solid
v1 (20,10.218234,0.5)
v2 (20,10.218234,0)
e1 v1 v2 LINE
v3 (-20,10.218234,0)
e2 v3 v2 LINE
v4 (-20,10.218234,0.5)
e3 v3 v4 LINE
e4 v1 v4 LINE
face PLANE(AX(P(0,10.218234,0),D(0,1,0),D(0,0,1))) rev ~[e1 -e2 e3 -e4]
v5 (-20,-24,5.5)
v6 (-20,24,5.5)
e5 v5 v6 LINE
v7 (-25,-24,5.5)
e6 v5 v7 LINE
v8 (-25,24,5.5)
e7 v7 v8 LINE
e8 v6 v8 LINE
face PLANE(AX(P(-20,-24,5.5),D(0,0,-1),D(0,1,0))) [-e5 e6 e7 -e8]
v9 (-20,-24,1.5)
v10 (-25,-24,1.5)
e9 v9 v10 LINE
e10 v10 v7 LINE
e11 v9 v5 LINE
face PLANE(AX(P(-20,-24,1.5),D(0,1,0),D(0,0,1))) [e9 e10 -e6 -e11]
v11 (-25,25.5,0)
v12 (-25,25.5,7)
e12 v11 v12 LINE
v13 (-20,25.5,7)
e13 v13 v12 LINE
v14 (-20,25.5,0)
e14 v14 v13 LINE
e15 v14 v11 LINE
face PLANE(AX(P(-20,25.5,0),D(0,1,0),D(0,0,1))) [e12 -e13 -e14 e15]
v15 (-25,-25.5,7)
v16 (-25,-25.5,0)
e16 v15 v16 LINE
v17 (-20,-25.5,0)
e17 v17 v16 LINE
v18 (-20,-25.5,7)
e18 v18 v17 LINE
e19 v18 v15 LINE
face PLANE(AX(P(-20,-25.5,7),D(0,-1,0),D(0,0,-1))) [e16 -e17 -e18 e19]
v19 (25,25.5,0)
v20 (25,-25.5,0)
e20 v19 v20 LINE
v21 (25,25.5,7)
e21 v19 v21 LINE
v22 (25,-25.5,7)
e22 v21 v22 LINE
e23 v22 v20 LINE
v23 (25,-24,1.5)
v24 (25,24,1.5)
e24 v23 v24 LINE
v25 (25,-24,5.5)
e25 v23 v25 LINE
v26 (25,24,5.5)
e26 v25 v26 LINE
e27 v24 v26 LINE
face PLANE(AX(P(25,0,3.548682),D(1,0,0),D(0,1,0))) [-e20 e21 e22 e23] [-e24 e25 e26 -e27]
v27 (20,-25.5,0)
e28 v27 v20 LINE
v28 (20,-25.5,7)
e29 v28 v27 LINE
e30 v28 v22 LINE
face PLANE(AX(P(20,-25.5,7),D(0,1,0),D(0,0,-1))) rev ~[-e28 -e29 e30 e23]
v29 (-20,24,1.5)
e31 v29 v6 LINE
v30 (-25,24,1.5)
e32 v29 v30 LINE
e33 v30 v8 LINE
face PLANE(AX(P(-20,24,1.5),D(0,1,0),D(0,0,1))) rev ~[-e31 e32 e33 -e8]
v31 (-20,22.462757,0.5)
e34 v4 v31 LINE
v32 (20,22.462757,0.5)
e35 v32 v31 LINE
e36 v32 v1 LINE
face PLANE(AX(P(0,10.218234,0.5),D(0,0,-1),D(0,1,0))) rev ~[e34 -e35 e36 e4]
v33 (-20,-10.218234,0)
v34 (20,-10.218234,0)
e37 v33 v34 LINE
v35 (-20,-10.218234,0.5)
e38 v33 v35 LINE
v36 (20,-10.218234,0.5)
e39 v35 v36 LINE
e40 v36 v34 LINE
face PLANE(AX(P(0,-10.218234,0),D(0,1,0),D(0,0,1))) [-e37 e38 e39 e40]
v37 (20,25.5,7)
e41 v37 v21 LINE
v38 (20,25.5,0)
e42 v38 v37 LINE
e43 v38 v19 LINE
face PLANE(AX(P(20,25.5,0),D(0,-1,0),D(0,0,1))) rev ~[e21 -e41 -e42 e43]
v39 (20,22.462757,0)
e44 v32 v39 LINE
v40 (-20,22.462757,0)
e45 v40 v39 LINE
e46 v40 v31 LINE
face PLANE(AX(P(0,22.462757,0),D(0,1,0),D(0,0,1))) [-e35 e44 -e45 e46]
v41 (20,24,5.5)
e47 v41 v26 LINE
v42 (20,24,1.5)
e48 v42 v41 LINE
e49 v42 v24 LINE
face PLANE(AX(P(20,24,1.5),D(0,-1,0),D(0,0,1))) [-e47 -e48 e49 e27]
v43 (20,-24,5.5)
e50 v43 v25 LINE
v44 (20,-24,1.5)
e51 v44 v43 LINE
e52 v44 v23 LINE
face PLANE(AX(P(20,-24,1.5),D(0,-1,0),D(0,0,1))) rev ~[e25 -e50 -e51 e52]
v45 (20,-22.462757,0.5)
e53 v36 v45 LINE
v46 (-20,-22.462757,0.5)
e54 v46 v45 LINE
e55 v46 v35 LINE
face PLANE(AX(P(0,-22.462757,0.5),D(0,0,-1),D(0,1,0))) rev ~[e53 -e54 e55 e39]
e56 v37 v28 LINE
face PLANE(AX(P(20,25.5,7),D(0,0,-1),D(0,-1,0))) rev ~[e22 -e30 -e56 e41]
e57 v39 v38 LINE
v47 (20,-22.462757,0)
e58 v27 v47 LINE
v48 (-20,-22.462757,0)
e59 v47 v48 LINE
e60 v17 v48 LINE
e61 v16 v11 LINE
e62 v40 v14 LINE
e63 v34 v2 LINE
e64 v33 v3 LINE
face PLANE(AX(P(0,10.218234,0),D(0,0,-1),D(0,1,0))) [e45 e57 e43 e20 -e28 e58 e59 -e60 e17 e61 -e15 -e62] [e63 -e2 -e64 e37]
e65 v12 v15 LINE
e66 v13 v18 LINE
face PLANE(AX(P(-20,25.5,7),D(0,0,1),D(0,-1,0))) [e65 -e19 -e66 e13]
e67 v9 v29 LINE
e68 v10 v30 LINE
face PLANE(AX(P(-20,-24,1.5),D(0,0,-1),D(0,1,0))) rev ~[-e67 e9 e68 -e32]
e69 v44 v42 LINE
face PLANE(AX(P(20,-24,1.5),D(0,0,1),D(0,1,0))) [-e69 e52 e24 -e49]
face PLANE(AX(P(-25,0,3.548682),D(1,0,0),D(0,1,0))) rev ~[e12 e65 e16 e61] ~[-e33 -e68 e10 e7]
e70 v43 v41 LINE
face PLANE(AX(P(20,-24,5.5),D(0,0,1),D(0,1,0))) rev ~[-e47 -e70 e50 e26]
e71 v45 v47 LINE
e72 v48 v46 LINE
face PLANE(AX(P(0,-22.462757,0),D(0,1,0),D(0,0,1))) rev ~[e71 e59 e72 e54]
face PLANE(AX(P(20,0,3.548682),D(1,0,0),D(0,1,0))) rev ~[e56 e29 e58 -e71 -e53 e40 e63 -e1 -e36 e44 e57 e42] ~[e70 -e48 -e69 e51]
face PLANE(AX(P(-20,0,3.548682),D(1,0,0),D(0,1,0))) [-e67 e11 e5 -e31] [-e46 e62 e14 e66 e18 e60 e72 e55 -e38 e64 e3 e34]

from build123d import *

# Parameters (mm, degrees)
F1_START      = 20
F0_W          = 48
F0_H          = 4
F0_W_2        = 12.2445234573
F0_H_2        = 0.5
F1_DEPTH      = 5
F2_START      = -20
F2_DEPTH      = 5
F3_DEPTH      = 25
F3_DEPTH_BACK = 25


with BuildPart() as f1:
    # F0 (on Right) → F1 (new body)
    with BuildSketch(Plane.YZ.offset(F1_START)):
        Polygon((-25.5, 7), (-25.5, 0), (-22.4627573043, 0), (-22.4627573043, 0.5), (-10.218233847, 0.5), (-10.218233847, 0), (10.218233847, 0), (10.218233847, 0.5), (22.4627573043, 0.5), (22.4627573043, 0), (25.5, 0), (25.5, 7), align=None)
        with Locations((0, 3.5)):
            Rectangle(F0_W, F0_H, mode=Mode.SUBTRACT)
        with Locations((-16.3404955757, 0.25)):
            Rectangle(F0_W_2, F0_H_2)
        with Locations((16.3404955757, 0.25)):
            Rectangle(F0_W_2, F0_H_2)
    extrude(amount=F1_DEPTH)



with BuildPart() as f2:
    # F0 (on Right) → F2 (new body)
    with BuildSketch(Plane.YZ.offset(F2_START)):
        Polygon((-25.5, 7), (-25.5, 0), (-22.4627573043, 0), (-22.4627573043, 0.5), (-10.218233847, 0.5), (-10.218233847, 0), (10.218233847, 0), (10.218233847, 0.5), (22.4627573043, 0.5), (22.4627573043, 0), (25.5, 0), (25.5, 7), align=None)
        with Locations((0, 3.5)):
            Rectangle(F0_W, F0_H, mode=Mode.SUBTRACT)
        with Locations((-16.3404955757, 0.25)):
            Rectangle(F0_W_2, F0_H_2)
        with Locations((16.3404955757, 0.25)):
            Rectangle(F0_W_2, F0_H_2)
    extrude(amount=-F2_DEPTH)


with BuildPart() as f1_1:
    add(f1.part)

    add(f2.part)  # F3 merges F2
    # F0 (on Right) → F3 (join, two sides)
    with BuildSketch(Plane.YZ) as f3_sk:
        with Locations((16.3404955757, 0.25)):
            Rectangle(F0_W_2, F0_H_2)
        with Locations((-16.3404955757, 0.25)):
            Rectangle(F0_W_2, F0_H_2)
    extrude(amount=F3_DEPTH)
    extrude(f3_sk.sketch, amount=-F3_DEPTH_BACK)


solid = f1_1.part
